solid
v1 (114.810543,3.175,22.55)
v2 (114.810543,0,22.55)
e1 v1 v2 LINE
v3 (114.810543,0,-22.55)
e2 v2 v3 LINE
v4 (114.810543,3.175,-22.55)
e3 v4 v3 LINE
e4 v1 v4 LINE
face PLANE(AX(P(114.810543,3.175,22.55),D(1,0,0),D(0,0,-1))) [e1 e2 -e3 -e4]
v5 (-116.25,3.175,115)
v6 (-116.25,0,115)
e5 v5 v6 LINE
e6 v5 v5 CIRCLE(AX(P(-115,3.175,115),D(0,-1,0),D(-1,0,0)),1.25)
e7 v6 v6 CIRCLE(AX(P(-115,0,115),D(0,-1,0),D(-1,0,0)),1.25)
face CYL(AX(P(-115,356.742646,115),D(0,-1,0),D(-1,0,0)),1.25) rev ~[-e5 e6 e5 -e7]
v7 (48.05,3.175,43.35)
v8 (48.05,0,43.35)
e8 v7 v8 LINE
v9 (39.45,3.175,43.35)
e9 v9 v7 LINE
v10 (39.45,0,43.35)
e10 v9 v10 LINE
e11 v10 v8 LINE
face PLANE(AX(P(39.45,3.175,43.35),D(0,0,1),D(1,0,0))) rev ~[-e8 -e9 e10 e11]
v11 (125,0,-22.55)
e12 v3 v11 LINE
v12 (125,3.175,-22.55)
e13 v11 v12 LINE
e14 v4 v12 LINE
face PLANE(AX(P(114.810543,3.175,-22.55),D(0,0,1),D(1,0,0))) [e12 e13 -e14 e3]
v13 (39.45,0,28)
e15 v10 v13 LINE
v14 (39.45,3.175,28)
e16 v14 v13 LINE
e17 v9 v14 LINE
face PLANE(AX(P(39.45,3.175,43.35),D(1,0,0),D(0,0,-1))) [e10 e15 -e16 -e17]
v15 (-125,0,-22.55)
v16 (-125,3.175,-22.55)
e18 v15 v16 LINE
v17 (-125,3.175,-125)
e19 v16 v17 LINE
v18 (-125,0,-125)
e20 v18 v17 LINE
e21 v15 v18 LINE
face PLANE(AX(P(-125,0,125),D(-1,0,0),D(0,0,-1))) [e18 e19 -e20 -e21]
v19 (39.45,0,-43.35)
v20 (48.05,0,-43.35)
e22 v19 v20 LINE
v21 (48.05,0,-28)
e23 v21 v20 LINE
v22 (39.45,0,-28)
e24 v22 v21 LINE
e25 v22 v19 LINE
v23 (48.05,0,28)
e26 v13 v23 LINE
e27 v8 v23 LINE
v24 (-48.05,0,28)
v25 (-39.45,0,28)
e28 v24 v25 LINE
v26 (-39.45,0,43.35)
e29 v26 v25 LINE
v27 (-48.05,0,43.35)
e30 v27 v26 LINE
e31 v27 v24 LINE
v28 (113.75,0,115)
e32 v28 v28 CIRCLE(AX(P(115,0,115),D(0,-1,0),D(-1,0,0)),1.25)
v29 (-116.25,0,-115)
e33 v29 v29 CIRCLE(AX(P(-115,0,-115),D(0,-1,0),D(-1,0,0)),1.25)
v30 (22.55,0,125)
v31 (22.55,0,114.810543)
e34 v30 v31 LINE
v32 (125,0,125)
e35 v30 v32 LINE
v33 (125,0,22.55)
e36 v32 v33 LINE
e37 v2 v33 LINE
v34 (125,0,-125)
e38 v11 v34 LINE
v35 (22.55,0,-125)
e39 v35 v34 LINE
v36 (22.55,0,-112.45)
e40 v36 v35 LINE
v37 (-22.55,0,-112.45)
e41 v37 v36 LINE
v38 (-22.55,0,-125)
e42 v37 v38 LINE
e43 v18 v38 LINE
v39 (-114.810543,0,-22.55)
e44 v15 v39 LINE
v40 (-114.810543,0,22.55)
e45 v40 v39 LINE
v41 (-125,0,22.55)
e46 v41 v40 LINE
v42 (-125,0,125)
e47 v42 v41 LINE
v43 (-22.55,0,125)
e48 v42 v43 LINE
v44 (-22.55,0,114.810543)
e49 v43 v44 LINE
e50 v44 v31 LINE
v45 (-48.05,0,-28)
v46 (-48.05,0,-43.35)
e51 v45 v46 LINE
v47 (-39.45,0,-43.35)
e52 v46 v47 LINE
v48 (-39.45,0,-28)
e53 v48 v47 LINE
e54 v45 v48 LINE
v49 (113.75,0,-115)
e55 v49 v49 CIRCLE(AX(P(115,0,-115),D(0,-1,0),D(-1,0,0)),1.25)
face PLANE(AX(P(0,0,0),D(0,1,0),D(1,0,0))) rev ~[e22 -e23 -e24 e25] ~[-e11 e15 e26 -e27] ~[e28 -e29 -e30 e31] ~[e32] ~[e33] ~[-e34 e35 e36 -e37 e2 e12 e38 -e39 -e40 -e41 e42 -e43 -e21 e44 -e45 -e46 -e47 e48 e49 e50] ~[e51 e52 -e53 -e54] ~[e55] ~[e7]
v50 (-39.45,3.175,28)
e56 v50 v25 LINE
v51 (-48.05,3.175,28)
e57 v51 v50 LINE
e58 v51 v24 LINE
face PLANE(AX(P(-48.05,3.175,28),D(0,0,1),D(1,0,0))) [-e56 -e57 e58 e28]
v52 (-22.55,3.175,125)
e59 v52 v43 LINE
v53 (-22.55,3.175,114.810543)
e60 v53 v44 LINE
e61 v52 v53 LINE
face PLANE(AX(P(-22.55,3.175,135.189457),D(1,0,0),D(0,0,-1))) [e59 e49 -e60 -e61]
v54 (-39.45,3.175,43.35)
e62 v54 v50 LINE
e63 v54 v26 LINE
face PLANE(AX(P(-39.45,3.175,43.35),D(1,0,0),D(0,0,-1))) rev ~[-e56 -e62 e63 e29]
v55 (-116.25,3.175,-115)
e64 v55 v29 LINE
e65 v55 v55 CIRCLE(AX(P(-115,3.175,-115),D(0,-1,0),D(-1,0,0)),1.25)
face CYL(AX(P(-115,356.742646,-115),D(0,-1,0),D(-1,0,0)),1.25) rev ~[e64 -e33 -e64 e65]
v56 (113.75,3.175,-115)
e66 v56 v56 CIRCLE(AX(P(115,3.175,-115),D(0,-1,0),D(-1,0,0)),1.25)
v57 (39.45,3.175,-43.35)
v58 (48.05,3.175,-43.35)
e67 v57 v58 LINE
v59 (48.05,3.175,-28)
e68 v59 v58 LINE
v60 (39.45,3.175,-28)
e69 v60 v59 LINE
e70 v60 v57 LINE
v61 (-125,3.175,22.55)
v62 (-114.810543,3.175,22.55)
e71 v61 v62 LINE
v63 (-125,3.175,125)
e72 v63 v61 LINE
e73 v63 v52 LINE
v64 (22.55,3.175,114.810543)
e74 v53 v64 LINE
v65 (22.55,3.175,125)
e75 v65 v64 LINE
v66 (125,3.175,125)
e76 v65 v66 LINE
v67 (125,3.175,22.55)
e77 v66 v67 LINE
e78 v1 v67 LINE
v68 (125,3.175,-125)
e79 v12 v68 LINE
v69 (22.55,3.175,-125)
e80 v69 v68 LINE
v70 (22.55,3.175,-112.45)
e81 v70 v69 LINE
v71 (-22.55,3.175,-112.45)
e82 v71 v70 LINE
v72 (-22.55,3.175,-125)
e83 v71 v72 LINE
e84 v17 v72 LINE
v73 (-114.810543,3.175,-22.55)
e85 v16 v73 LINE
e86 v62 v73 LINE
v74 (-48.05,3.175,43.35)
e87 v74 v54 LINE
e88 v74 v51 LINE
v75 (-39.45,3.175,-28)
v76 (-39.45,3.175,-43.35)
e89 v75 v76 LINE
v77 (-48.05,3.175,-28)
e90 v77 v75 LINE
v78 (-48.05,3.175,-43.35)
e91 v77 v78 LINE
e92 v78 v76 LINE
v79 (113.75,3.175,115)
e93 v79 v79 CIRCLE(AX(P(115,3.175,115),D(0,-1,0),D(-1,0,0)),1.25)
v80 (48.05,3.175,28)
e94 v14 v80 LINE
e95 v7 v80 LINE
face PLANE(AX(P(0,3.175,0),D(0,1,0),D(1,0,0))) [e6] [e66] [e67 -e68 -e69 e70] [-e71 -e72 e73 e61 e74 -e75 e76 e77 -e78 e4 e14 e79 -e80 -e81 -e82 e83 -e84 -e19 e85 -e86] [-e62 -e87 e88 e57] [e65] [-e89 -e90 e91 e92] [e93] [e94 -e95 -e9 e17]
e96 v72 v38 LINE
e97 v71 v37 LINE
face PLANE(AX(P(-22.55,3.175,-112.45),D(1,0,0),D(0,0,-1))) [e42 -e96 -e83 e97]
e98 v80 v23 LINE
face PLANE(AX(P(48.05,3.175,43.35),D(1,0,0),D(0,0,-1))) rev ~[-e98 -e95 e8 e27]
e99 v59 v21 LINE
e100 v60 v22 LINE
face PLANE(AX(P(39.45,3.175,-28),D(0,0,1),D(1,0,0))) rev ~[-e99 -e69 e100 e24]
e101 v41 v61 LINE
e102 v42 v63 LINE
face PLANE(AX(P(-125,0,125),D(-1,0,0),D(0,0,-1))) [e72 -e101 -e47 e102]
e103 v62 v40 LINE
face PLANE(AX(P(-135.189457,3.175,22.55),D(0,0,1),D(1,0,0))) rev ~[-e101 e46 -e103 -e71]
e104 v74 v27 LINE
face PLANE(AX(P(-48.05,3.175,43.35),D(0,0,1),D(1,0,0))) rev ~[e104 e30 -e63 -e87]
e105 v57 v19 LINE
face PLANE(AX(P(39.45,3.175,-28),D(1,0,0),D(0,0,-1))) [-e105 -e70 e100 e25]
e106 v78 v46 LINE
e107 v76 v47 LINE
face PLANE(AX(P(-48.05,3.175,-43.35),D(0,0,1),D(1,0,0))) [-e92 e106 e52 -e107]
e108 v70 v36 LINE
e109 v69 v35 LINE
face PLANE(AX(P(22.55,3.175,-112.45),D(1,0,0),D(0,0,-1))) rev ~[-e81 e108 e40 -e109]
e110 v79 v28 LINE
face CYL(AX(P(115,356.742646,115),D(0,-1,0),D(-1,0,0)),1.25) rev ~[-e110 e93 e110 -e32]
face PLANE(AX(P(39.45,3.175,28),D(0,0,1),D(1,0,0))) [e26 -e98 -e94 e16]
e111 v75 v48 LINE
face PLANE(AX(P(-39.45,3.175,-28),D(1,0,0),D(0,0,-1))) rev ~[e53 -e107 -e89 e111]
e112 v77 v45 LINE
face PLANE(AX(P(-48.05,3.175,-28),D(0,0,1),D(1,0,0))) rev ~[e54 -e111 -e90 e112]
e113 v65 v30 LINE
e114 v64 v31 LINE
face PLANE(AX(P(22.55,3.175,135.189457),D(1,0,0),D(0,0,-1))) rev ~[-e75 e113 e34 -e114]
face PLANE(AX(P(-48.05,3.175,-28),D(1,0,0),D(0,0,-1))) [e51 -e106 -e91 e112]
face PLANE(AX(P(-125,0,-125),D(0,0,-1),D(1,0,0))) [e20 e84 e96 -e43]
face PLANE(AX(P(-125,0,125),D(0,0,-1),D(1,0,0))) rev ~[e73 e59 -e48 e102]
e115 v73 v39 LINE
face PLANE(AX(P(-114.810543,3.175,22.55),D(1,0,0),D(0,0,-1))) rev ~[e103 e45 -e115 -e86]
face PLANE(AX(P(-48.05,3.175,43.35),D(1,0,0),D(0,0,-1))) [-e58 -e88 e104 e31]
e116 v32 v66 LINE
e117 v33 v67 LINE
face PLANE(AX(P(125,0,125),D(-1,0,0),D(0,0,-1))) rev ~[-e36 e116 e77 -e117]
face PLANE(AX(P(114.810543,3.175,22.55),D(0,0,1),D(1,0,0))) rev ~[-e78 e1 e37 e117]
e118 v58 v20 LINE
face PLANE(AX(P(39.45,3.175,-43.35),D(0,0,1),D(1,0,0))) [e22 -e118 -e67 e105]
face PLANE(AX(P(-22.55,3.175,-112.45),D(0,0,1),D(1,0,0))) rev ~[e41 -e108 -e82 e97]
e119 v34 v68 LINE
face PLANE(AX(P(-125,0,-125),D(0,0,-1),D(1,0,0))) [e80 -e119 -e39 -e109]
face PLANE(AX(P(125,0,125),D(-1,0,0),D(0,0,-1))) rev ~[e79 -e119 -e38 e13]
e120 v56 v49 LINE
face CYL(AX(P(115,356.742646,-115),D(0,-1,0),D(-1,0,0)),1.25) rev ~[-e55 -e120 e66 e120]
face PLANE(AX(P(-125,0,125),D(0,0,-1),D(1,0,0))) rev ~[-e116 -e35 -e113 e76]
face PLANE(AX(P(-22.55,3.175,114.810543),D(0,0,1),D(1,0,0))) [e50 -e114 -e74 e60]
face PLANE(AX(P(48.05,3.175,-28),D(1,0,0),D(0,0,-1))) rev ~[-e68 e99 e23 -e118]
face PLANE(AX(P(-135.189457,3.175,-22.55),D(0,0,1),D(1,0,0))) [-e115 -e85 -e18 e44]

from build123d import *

# Parameters (mm, degrees)
SKETCH2_W          = 250
SKETCH2_H          = 250
BASE_DEPTH         = 3.175
SKETCH3_W          = 8.6
SKETCH3_H          = 15.35
HOLES_DEPTH        = 10
SKETCH4_W          = 45.1
SKETCH4_H          = 25.1
SKETCH4_W_2        = 20.378913316
SKETCH4_H_2        = 45.1
SKETCH4_H_3        = 20.378913316
JIGSAW_DEPTH       = 10
STANDOFF_HOLES_D   = 2.5
STANDOFF_HOLES_2_D = 2.5


with BuildPart() as part:
    # Sketch2 → Base (new body)
    with BuildSketch(Plane(origin=(0, 0, 0), x_dir=(1, 0, 0), z_dir=(0, 1, 0))):
        Rectangle(SKETCH2_W, SKETCH2_H)
    extrude(amount=BASE_DEPTH)

    # Sketch3 → Holes (cut)
    with BuildSketch(Plane(origin=(0, 3.175, 0), x_dir=(1, 0, 0), z_dir=(0, 1, 0))):
        with Locations((-43.75, 35.675)):
            Rectangle(SKETCH3_W, SKETCH3_H)
        with Locations((-43.75, -35.675)):
            Rectangle(SKETCH3_W, SKETCH3_H)
        with Locations((43.75, -35.675)):
            Rectangle(SKETCH3_W, SKETCH3_H)
        with Locations((43.75, 35.675)):
            Rectangle(SKETCH3_W, SKETCH3_H)
    extrude(amount=-HOLES_DEPTH, mode=Mode.SUBTRACT)

    # Sketch4 → Jigsaw (cut)
    with BuildSketch(Plane(origin=(0, 3.175, 0), x_dir=(1, 0, 0), z_dir=(0, 1, 0))):
        with Locations((0, 125)):
            Rectangle(SKETCH4_W, SKETCH4_H)
        with Locations((-125, 0)):
            Rectangle(SKETCH4_W_2, SKETCH4_H_2)
        with Locations((125, 0)):
            Rectangle(SKETCH4_W_2, SKETCH4_H_2)
        with Locations((0, -125)):
            Rectangle(SKETCH4_W, SKETCH4_H_3)
    extrude(amount=-JIGSAW_DEPTH, mode=Mode.SUBTRACT)

    # Standoff Holes (through all)
    with Locations(Plane(origin=(0, 3.175, 0), x_dir=(1, 0, 0), z_dir=(0, 1, 0))):
        with Locations((-115, 115)):
            Hole(STANDOFF_HOLES_D / 2)

    # Standoff Holes 2 (through all)
    with Locations(Plane(origin=(0, 3.175, 0), x_dir=(1, 0, 0), z_dir=(0, 1, 0))):
        with Locations((115, 115), (115, -115), (-115, -115)):
            Hole(STANDOFF_HOLES_2_D / 2)


solid = part.part
